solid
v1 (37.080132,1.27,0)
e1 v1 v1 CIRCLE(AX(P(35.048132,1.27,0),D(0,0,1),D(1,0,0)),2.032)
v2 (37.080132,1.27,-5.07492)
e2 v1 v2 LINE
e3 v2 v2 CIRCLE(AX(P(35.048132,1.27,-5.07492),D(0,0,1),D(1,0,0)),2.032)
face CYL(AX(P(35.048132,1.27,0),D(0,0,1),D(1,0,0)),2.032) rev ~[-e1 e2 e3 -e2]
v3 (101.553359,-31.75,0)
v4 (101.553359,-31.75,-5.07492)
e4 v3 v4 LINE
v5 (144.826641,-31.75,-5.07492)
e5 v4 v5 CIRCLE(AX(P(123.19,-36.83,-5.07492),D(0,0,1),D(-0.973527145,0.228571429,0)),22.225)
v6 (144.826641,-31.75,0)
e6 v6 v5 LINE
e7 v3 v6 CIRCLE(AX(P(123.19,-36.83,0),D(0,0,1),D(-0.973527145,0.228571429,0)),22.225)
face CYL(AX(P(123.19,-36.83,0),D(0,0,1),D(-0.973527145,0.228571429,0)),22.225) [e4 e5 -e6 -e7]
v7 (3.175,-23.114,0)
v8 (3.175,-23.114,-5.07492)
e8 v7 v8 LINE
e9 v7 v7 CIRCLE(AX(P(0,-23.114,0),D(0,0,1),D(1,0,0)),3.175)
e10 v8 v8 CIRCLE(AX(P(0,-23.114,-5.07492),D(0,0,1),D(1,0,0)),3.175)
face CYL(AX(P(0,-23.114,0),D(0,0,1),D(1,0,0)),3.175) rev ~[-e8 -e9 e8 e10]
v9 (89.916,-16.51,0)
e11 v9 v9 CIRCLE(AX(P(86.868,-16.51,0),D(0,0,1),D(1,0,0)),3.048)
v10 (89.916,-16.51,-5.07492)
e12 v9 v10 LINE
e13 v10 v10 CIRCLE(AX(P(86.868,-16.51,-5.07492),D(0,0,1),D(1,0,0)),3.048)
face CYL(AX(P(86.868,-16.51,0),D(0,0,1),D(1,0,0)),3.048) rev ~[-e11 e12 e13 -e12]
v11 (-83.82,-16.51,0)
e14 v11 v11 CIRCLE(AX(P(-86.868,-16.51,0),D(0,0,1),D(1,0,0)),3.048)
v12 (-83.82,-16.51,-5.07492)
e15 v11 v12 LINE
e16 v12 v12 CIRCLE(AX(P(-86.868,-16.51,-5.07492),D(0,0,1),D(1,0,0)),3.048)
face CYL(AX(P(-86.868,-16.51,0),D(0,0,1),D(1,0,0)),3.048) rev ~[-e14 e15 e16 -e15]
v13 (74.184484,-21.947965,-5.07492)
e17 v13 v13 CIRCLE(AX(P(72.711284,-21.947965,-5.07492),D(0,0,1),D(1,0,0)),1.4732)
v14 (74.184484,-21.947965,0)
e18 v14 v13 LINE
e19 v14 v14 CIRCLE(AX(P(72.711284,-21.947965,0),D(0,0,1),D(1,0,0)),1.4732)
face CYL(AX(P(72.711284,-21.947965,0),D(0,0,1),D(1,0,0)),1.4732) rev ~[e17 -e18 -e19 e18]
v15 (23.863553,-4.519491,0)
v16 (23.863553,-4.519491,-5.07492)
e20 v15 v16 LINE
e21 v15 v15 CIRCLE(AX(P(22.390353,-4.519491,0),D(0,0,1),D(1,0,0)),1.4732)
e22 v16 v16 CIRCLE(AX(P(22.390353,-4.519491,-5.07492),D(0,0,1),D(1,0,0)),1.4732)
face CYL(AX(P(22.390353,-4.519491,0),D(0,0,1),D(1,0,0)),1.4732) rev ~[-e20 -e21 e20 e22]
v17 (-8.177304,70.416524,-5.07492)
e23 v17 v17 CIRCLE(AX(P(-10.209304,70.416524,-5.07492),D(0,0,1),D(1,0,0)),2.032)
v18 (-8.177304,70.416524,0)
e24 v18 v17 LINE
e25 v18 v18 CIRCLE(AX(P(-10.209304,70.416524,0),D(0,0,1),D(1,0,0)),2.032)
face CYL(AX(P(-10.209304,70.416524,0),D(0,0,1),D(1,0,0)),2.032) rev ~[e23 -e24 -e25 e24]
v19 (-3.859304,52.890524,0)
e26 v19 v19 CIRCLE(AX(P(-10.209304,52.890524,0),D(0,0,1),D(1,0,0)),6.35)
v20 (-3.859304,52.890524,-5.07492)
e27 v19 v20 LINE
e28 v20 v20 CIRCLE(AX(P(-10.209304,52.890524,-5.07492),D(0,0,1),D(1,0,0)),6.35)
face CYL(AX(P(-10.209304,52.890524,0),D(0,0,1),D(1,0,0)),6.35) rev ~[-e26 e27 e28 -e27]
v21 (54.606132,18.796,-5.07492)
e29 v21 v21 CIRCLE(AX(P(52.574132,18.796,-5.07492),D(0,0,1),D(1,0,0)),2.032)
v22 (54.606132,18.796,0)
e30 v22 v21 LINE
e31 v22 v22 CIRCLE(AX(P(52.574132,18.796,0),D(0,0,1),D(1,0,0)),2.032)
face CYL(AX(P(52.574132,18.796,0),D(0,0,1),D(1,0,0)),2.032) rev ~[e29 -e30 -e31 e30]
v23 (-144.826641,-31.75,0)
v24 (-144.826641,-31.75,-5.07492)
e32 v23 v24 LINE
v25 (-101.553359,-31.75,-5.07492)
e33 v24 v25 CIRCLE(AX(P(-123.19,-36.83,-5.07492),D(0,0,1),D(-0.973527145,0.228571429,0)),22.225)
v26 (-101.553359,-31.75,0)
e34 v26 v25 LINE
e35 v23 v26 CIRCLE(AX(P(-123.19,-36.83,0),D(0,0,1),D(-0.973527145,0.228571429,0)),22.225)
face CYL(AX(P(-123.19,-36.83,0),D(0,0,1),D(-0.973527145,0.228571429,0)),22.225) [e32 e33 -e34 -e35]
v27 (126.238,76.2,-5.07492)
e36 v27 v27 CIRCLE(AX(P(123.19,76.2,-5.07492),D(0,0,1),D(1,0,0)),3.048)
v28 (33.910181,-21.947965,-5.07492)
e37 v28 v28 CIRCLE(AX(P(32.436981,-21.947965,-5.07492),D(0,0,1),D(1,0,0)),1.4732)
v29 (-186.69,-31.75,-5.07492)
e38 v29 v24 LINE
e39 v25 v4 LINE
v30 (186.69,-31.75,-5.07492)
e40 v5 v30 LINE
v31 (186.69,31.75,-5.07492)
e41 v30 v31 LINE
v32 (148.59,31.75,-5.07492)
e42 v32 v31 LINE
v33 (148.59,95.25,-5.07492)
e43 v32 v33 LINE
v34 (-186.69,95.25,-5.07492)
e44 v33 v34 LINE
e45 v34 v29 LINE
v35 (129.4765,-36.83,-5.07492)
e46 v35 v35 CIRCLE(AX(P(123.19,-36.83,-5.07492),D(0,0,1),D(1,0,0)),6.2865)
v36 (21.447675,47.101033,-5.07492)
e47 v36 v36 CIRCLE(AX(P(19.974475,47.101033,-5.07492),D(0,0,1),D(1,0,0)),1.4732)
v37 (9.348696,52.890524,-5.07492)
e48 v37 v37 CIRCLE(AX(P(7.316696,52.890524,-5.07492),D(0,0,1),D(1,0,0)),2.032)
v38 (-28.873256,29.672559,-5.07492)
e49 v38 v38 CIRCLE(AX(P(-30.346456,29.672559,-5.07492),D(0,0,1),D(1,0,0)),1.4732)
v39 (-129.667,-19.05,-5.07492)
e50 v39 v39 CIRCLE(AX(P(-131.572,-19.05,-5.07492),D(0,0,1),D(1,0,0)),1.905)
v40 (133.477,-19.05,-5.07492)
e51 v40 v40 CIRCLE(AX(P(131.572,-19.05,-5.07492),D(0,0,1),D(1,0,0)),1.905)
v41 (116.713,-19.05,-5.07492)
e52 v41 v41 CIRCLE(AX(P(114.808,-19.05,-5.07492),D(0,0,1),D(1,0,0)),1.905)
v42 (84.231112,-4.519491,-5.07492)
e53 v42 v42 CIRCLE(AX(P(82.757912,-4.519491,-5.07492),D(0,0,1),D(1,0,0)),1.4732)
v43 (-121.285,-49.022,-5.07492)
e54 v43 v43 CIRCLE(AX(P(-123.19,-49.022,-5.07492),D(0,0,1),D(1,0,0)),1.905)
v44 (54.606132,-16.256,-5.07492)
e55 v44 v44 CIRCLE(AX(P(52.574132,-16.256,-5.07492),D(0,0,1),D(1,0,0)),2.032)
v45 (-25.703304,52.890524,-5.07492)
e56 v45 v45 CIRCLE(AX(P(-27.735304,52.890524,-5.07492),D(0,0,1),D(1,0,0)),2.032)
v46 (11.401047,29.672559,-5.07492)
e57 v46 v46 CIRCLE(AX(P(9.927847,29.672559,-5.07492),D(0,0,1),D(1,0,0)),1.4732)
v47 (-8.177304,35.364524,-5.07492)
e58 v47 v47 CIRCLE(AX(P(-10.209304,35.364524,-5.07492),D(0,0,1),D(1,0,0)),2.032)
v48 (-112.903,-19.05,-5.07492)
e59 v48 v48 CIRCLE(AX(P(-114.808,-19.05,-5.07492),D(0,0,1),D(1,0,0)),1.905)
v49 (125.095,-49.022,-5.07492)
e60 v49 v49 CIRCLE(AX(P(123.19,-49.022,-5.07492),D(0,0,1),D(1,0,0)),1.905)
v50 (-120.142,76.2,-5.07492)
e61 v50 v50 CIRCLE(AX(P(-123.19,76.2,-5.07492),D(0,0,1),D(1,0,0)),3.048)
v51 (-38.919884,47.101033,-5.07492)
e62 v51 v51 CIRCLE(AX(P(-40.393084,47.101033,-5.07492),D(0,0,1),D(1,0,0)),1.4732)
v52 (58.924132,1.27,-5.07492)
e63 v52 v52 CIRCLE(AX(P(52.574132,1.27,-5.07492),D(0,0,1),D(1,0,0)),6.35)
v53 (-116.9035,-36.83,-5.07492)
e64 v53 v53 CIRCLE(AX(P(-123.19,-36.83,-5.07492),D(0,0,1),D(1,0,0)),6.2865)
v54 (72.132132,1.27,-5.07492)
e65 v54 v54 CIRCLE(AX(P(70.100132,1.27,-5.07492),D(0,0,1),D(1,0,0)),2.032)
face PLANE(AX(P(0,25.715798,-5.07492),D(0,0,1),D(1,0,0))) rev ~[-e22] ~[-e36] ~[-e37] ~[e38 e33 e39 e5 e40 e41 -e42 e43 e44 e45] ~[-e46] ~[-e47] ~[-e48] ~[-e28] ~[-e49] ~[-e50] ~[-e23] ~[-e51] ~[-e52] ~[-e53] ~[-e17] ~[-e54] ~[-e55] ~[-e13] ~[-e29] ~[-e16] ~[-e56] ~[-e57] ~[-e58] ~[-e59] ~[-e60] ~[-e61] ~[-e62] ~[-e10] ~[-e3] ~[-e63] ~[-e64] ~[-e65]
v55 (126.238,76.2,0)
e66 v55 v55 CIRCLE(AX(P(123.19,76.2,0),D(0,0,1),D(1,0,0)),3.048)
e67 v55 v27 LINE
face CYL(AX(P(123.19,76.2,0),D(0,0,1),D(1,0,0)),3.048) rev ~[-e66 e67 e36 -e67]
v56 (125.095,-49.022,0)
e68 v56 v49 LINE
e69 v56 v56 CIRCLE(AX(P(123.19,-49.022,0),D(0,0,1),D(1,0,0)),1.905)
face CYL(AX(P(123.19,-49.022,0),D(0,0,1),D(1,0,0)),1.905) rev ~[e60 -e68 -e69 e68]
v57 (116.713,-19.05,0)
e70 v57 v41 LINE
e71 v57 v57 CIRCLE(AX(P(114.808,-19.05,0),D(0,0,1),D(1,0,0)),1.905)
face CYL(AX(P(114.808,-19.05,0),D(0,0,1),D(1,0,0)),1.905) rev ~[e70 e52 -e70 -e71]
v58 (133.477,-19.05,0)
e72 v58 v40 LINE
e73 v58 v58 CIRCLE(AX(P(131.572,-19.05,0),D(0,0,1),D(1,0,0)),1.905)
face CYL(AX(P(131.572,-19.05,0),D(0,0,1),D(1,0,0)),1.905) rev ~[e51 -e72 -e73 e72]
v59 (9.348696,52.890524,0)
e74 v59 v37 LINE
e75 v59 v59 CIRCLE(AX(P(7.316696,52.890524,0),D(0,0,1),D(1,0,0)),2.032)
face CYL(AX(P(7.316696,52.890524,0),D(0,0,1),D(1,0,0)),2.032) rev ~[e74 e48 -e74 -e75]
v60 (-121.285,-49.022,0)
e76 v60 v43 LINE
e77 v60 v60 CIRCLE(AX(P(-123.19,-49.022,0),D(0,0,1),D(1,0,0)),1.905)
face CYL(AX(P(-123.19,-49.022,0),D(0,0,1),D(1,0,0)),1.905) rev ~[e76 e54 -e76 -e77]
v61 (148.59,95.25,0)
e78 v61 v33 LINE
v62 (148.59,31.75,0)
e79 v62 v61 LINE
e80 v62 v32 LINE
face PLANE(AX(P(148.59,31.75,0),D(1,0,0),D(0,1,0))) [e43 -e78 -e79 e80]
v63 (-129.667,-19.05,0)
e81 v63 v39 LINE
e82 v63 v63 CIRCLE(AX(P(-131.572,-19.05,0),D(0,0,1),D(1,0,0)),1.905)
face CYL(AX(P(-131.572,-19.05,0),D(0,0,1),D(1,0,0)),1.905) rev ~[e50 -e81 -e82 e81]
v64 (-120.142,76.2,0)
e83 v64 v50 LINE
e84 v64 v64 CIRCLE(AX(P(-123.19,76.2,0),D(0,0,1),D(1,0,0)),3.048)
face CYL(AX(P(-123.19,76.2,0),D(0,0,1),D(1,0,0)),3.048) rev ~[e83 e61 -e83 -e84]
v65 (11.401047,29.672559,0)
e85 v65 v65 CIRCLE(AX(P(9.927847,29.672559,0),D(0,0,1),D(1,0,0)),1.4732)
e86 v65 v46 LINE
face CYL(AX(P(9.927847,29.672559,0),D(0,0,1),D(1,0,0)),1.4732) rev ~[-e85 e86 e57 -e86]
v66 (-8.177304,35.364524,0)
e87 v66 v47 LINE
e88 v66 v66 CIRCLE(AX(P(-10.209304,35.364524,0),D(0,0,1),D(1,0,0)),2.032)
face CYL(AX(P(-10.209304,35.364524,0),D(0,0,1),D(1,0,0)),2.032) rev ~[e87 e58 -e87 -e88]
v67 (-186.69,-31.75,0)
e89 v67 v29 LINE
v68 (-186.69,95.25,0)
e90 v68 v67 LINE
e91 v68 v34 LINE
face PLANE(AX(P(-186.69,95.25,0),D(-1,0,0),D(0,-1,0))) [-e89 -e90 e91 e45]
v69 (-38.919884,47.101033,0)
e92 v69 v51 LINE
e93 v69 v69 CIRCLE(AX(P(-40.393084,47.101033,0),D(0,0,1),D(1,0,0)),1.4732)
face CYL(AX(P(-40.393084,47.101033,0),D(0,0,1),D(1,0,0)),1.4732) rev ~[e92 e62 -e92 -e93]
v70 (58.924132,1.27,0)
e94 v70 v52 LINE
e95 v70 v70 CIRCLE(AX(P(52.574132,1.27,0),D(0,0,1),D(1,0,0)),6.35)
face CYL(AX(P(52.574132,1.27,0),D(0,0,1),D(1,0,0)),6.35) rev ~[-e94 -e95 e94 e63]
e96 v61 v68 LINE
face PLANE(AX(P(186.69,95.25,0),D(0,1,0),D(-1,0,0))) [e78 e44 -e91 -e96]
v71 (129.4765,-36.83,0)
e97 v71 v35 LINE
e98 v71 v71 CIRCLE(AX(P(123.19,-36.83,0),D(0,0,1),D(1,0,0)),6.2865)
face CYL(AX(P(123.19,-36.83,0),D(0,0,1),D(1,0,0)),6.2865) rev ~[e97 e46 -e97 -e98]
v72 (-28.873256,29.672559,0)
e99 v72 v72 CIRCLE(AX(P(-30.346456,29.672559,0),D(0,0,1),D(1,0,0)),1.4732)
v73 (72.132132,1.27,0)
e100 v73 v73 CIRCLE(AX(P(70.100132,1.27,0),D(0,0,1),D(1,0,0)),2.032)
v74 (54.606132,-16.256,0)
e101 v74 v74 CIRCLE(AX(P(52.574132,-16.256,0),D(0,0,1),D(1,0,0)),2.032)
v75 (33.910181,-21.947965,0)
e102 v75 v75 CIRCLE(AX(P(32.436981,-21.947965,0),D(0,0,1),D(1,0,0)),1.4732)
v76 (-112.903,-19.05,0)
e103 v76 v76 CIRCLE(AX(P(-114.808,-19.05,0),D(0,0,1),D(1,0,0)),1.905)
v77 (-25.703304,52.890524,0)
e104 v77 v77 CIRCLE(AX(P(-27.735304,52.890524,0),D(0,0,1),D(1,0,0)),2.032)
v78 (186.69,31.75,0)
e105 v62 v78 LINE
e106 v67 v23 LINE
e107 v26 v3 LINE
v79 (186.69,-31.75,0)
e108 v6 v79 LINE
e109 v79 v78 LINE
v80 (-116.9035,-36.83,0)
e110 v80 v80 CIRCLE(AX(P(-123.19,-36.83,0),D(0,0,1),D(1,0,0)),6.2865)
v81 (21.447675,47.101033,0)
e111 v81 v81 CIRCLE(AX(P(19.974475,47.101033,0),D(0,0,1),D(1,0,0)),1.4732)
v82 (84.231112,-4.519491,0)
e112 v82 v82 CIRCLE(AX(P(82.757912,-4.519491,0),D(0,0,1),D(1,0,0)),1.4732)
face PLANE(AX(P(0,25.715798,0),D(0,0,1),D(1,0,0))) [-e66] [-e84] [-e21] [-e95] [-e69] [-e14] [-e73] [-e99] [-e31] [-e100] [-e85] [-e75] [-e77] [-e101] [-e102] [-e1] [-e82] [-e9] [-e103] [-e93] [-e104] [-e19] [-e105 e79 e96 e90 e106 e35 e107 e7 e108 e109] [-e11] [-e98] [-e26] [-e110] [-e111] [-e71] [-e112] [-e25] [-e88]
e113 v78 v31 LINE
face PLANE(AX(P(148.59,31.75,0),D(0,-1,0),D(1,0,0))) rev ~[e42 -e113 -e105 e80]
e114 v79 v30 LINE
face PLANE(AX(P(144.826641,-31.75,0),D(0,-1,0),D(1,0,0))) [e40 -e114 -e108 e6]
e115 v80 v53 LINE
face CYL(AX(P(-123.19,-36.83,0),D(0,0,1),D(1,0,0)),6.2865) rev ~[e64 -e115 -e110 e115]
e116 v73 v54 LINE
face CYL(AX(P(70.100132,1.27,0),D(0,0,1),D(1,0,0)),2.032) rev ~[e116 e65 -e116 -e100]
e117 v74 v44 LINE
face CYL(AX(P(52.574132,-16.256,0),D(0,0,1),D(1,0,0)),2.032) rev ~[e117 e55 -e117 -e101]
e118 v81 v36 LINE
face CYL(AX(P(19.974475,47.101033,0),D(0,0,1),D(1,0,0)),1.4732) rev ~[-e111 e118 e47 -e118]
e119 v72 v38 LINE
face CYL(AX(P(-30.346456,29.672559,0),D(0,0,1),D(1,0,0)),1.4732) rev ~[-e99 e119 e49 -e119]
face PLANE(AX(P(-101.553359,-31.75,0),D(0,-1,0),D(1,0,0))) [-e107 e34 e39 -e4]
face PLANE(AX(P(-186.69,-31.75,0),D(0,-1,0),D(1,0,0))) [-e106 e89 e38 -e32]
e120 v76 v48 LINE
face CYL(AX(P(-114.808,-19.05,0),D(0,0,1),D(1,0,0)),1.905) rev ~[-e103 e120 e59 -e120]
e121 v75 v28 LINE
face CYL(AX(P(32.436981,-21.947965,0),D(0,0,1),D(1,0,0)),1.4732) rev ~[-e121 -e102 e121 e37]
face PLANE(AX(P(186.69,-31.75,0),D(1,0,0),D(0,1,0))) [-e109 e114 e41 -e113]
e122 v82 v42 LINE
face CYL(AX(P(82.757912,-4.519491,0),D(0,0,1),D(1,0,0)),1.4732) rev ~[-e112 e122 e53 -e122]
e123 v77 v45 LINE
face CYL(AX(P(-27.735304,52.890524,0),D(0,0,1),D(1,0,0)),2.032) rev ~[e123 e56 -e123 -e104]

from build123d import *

# Parameters (mm, degrees)
SKETCH2_R           = 3.048
BOSS_EXTRUDE1_DEPTH = 5.07492
SKETCH2_4_R         = 6.2865
CUT_EXTRUDE11_DEPTH = 210.646067011
SKETCH3_R           = 6.35
SKETCH3_R_2         = 2.032
CUT_EXTRUDE12_DEPTH = 210.646067011
SKETCH5_R           = 1.4732
CUT_EXTRUDE13_DEPTH = 210.646067011
SKETCH7_R           = 1.905
CUT_EXTRUDE14_DEPTH = 210.646067011
SKETCH8_R           = 3.175
CUT_EXTRUDE15_DEPTH = 210.646067011
SKETCH9_W           = 38.1
SKETCH9_H           = 63.5
CUT_EXTRUDE16_DEPTH = 5.08


with BuildPart() as part:
    # Sketch2 → Boss-Extrude1 (new body)
    with BuildSketch(Plane.XY):
        with BuildLine():
            Line((-186.69, -31.75), (-144.826640797, -31.75))
            ThreePointArc((-144.826640797, -31.75), (-123.19, -59.055), (-101.553359203, -31.75))
            Line((-101.553359203, -31.75), (101.553359203, -31.75))
            ThreePointArc((101.553359203, -31.75), (123.19, -59.055), (144.826640797, -31.75))
            Line((144.826640797, -31.75), (186.69, -31.75))
            Line((186.69, -31.75), (186.69, 95.25))
            Line((186.69, 95.25), (-186.69, 95.25))
            Line((-186.69, 95.25), (-186.69, -31.75))
        make_face()
        with Locations((-86.868, -16.51)):
            Circle(SKETCH2_R, mode=Mode.SUBTRACT)
        with Locations((86.868, -16.51)):
            Circle(SKETCH2_R, mode=Mode.SUBTRACT)
        with Locations((123.19, 76.2)):
            Circle(SKETCH2_R, mode=Mode.SUBTRACT)
        with Locations((-123.19, 76.2)):
            Circle(SKETCH2_R, mode=Mode.SUBTRACT)
    extrude(amount=-BOSS_EXTRUDE1_DEPTH)

    # Sketch2<4> → Cut-Extrude11 (cut, through all)
    with BuildSketch(Plane.XY):
        with Locations((-123.19, -36.83)):
            Circle(SKETCH2_4_R)
        with Locations((123.19, -36.83)):
            Circle(SKETCH2_4_R)
    extrude(amount=-CUT_EXTRUDE11_DEPTH, mode=Mode.SUBTRACT)

    # Sketch3 → Cut-Extrude12 (cut, through all)
    with BuildSketch(Plane.XY):
        with Locations((-10.209304394, 52.890523875)):
            Circle(SKETCH3_R)
        with Locations((52.574132234, 1.27)):
            Circle(SKETCH3_R)
        with Locations((-27.735304394, 52.890523875)):
            Circle(SKETCH3_R_2)
        with Locations((-10.209304394, 70.416523875)):
            Circle(SKETCH3_R_2)
        with Locations((-10.209304394, 35.364523875)):
            Circle(SKETCH3_R_2)
        with Locations((7.316695606, 52.890523875)):
            Circle(SKETCH3_R_2)
        with Locations((35.048132234, 1.27)):
            Circle(SKETCH3_R_2)
        with Locations((70.100132234, 1.27)):
            Circle(SKETCH3_R_2)
        with Locations((52.574132234, 18.796)):
            Circle(SKETCH3_R_2)
        with Locations((52.574132234, -16.256)):
            Circle(SKETCH3_R_2)
    extrude(amount=-CUT_EXTRUDE12_DEPTH, mode=Mode.SUBTRACT)

    # Sketch5 → Cut-Extrude13 (cut, through all)
    with BuildSketch(Plane.XY):
        with Locations((-40.393083971, 47.101032839)):
            Circle(SKETCH5_R)
        with Locations((19.974475183, 47.101032839)):
            Circle(SKETCH5_R)
        with Locations((-30.346455717, 29.672559007)):
            Circle(SKETCH5_R)
        with Locations((9.927846929, 29.672559007)):
            Circle(SKETCH5_R)
        with Locations((22.390352657, -4.519491037)):
            Circle(SKETCH5_R)
        with Locations((82.757911811, -4.519491037)):
            Circle(SKETCH5_R)
        with Locations((32.436980911, -21.947964868)):
            Circle(SKETCH5_R)
        with Locations((72.711283557, -21.947964868)):
            Circle(SKETCH5_R)
    extrude(amount=-CUT_EXTRUDE13_DEPTH, mode=Mode.SUBTRACT)

    # Sketch7 → Cut-Extrude14 (cut, through all)
    with BuildSketch(Plane.XY):
        with Locations((131.572, -19.05)):
            Circle(SKETCH7_R)
        with Locations((114.808, -19.05)):
            Circle(SKETCH7_R)
        with Locations((-123.19, -49.022)):
            Circle(SKETCH7_R)
        with Locations((-131.572, -19.05)):
            Circle(SKETCH7_R)
        with Locations((-114.808, -19.05)):
            Circle(SKETCH7_R)
        with Locations((123.19, -49.022)):
            Circle(SKETCH7_R)
    extrude(amount=-CUT_EXTRUDE14_DEPTH, mode=Mode.SUBTRACT)

    # Sketch8 → Cut-Extrude15 (cut, through all)
    with BuildSketch(Plane.XY):
        with Locations((0, -23.114)):
            Circle(SKETCH8_R)
    extrude(amount=-CUT_EXTRUDE15_DEPTH, mode=Mode.SUBTRACT)

    # Sketch9 → Cut-Extrude16 (cut)
    with BuildSketch(Plane.XY):
        with Locations((167.64, 63.5)):
            Rectangle(SKETCH9_W, SKETCH9_H)
    extrude(amount=-CUT_EXTRUDE16_DEPTH, mode=Mode.SUBTRACT)


solid = part.part
